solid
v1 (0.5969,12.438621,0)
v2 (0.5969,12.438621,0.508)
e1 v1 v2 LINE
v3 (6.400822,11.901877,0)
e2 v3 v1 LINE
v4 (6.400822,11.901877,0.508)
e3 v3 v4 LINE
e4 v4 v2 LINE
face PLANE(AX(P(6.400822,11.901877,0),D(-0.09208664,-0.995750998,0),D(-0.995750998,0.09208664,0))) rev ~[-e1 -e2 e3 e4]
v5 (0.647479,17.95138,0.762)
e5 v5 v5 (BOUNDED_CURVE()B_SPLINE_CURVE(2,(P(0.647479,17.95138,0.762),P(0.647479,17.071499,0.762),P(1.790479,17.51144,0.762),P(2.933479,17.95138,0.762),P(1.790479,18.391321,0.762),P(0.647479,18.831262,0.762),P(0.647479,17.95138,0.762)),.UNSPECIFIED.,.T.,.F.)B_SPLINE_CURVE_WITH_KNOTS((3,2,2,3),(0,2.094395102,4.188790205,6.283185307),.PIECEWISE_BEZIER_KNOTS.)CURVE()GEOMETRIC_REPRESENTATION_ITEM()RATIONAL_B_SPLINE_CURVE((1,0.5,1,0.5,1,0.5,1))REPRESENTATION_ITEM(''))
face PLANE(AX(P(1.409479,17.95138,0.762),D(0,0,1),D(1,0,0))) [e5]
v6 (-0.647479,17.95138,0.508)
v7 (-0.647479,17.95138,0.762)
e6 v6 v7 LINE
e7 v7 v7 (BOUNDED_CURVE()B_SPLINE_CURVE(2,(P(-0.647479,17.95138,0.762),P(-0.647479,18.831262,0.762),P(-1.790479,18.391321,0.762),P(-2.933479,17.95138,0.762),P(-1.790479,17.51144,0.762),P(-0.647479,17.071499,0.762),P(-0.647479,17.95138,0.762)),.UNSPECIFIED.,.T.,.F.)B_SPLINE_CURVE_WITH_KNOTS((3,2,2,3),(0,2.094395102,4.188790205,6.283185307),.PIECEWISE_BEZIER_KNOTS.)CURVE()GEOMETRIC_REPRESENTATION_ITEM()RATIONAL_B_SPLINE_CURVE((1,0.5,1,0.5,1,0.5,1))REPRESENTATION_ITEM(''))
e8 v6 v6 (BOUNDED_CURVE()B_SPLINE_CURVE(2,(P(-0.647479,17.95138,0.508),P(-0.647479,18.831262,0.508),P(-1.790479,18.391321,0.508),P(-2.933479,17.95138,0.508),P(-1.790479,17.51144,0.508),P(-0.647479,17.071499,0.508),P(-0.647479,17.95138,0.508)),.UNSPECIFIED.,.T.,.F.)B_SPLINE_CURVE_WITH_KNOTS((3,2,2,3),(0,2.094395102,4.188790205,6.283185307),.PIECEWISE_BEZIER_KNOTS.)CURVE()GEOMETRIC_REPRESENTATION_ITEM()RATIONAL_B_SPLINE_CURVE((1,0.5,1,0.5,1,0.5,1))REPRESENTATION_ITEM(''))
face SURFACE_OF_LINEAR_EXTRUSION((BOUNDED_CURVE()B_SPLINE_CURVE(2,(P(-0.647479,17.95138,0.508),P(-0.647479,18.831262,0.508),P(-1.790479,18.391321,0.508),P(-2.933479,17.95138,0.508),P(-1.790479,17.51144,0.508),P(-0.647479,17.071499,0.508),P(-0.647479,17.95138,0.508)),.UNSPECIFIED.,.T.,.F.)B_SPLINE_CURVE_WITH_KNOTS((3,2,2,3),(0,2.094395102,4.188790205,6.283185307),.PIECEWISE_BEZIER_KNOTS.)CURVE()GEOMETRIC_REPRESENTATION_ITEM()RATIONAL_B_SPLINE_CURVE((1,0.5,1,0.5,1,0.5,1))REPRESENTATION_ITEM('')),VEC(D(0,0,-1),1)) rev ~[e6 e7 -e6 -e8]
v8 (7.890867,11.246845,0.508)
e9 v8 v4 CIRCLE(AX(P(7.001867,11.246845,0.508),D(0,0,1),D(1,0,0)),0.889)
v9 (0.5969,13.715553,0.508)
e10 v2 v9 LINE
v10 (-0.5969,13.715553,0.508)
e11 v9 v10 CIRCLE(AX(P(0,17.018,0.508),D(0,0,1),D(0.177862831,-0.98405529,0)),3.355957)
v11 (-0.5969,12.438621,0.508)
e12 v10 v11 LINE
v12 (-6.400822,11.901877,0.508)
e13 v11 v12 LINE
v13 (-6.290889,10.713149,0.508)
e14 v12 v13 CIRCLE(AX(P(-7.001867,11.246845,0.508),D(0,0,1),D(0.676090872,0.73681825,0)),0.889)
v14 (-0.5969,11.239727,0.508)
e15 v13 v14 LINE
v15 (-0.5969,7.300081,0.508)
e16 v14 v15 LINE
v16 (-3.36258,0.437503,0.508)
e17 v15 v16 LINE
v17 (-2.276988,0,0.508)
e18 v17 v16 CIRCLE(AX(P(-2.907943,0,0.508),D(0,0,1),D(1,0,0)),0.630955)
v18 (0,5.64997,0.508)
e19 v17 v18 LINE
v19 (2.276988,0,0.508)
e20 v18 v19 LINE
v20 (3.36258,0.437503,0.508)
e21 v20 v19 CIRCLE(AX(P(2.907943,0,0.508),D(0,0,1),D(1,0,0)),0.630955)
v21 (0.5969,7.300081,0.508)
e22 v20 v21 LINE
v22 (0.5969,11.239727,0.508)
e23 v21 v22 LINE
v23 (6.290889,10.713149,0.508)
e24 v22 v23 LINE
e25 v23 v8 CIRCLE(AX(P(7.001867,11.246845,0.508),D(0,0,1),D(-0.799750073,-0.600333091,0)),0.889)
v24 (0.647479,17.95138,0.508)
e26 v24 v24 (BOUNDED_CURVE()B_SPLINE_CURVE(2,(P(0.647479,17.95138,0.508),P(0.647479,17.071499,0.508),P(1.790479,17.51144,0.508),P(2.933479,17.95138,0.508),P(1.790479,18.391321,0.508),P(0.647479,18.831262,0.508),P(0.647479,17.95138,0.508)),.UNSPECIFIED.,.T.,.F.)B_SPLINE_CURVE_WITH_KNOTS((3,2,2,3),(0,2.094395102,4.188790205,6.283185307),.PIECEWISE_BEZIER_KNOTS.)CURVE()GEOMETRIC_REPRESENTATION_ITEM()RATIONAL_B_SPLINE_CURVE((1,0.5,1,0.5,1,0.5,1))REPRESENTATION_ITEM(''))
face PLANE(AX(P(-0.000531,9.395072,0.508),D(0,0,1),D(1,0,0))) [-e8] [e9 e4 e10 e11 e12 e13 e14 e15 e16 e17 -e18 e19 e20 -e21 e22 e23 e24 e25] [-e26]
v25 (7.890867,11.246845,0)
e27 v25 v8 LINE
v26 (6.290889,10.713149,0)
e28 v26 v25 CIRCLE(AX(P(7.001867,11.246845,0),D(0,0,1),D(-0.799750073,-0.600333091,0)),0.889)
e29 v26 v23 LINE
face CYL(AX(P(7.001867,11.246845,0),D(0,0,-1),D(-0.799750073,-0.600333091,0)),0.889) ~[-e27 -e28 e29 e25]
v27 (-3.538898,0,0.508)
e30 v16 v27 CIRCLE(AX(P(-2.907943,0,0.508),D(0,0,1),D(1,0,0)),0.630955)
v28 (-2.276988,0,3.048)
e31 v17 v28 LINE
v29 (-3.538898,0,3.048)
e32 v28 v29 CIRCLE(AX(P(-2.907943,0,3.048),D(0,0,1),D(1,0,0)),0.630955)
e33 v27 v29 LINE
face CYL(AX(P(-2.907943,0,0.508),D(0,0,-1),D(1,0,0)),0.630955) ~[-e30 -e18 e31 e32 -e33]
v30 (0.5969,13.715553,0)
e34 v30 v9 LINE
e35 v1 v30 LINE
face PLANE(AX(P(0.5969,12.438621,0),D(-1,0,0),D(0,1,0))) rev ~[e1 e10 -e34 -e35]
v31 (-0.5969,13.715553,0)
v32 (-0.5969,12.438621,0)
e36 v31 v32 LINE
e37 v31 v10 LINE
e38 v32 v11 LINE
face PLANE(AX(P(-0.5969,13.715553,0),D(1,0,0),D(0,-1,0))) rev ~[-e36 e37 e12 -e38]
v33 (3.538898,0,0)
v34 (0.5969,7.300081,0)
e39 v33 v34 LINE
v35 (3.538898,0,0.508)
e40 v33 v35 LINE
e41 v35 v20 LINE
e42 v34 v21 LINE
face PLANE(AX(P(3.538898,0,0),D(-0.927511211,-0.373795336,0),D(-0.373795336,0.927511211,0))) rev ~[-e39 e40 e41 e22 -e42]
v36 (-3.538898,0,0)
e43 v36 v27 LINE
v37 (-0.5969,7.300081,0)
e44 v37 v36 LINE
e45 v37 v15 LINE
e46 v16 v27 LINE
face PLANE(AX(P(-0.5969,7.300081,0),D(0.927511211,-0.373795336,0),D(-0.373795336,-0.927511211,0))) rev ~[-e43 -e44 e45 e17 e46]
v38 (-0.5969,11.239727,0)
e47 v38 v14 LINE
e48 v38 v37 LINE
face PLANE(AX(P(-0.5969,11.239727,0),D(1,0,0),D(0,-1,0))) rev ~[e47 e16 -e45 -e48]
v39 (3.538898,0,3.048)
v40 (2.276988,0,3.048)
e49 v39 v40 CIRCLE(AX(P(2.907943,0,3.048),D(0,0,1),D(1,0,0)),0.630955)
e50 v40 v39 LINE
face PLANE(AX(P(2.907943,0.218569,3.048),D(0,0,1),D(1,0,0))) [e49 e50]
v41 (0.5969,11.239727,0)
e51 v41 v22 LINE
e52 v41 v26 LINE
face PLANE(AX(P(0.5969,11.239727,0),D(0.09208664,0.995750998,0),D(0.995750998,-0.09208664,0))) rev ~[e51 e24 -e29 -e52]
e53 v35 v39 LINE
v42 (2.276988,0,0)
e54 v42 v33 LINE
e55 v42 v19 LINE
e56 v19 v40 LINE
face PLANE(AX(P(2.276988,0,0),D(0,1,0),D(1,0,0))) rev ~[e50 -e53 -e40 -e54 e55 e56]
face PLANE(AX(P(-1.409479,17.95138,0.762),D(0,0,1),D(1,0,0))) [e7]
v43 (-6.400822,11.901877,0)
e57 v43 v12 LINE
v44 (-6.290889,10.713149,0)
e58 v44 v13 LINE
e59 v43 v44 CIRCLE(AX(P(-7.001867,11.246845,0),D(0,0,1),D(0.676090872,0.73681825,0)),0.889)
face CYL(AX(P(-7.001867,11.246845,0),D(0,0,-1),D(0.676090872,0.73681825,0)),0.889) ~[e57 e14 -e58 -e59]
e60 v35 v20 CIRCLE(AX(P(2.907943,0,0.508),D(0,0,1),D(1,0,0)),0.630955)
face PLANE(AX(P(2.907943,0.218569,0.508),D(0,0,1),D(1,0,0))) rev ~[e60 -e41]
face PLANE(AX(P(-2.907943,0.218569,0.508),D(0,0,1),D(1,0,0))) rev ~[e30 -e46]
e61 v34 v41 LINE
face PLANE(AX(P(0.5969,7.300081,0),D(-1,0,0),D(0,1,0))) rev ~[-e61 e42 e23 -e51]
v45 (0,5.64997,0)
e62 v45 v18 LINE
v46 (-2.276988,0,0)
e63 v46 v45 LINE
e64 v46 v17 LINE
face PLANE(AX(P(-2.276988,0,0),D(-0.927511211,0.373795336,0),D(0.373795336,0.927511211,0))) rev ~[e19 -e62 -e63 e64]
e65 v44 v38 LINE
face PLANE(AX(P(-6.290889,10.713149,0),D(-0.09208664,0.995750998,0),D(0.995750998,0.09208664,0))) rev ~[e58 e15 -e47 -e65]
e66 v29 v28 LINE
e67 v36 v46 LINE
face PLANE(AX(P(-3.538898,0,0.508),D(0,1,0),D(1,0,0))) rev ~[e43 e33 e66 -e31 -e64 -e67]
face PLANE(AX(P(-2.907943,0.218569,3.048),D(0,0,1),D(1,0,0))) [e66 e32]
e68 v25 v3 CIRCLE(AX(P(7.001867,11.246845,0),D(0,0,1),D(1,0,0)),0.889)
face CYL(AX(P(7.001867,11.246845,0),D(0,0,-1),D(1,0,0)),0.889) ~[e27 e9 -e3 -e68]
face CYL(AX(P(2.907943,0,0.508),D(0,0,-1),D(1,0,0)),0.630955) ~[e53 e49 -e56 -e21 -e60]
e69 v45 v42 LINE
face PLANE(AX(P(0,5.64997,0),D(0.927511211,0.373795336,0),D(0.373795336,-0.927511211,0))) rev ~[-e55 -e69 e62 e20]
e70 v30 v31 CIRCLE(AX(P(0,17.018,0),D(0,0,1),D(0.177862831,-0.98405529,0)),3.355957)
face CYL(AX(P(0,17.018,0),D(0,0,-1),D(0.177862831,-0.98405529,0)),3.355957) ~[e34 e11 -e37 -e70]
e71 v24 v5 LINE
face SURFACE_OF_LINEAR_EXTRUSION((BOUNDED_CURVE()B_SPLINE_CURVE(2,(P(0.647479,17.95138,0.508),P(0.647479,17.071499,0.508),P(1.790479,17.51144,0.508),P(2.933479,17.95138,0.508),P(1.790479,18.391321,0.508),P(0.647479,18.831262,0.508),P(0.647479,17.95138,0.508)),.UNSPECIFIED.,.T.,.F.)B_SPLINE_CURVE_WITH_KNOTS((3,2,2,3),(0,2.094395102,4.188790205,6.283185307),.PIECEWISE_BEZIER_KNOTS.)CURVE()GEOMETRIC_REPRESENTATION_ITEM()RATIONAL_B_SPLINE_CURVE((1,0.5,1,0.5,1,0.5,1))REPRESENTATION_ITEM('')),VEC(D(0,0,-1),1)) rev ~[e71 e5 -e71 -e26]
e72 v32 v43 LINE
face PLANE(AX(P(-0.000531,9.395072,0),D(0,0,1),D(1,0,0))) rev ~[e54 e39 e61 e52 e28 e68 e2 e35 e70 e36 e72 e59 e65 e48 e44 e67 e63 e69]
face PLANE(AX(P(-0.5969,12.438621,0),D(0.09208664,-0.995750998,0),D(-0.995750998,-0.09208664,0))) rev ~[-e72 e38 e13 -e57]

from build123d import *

# Parameters (mm, degrees)
F1_DEPTH = 0.508
F3_DEPTH = 2.54
F5_DEPTH = 0.254


with BuildPart() as f1:
    # F0 (on Top) → F1 (new body)
    with BuildSketch(Plane.XY):
        with BuildLine():
            Line((0.5969, 12.4386211307), (0.5969, 13.7155528236))
            ThreePointArc((0.5969, 13.7155528236), (0, 20.3739569369), (-0.5969, 13.7155528236))
            Line((-0.5969, 13.7155528236), (-0.5969, 12.4386211307))
            Line((-0.5969, 12.4386211307), (-6.4008217303, 11.9018768547))
            ThreePointArc((-6.4008217303, 11.9018768547), (-6.1880330513, 11.6046108469), (-6.1128665152, 11.2468454306))
            ThreePointArc((-6.1128665152, 11.2468454306), (-6.1585456161, 10.965543349), (-6.2908886999, 10.7131493128))
            Line((-6.2908886999, 10.7131493128), (-0.5969, 11.2397270277))
            Line((-0.5969, 11.2397270277), (-0.5969, 7.3000811972))
            Line((-0.5969, 7.3000811972), (-3.5388981923, 0))
            Line((-3.5388981923, 0), (-2.2769883957, 0))
            Line((-2.2769883957, 0), (0, 5.6499695401))
            Line((0, 5.6499695401), (2.2769883957, 0))
            Line((2.2769883957, 0), (3.5388981923, 0))
            Line((3.5388981923, 0), (0.5969, 7.3000811972))
            Line((0.5969, 7.3000811972), (0.5969, 11.2397270277))
            Line((0.5969, 11.2397270277), (6.2908886999, 10.7131493128))
            ThreePointArc((6.2908886999, 10.7131493128), (6.1166438776, 11.3287104532), (6.4008217303, 11.9018768547))
            Line((6.4008217303, 11.9018768547), (0.5969, 12.4386211307))
        make_face()
        with BuildLine():
            ThreePointArc((7.8908665152, 11.2468454306), (7.3596319315, 12.0606788944), (6.4008217303, 11.9018768547))
            Line((6.4008217303, 11.9018768547), (7.0568330304, 11.8412092015))
            Line((7.0568330304, 11.8412092015), (6.9469, 10.6524816596))
            Line((6.9469, 10.6524816596), (6.2908886999, 10.7131493128))
            ThreePointArc((6.2908886999, 10.7131493128), (7.2831685968, 10.4035245315), (7.8908665152, 11.2468454306))
        make_face()
        with BuildLine():
            Line((7.0568330304, 11.8412092015), (6.4008217303, 11.9018768547))
            ThreePointArc((6.4008217303, 11.9018768547), (6.1166438776, 11.3287104532), (6.2908886999, 10.7131493128))
            Line((6.2908886999, 10.7131493128), (6.9469, 10.6524816596))
            Line((6.9469, 10.6524816596), (7.0568330304, 11.8412092015))
        make_face()
        with BuildLine():
            ThreePointArc((-6.1128665152, 11.2468454306), (-6.1880330513, 11.6046108469), (-6.4008217303, 11.9018768547))
            Line((-6.4008217303, 11.9018768547), (-7.0568330304, 11.8412092015))
            Line((-7.0568330304, 11.8412092015), (-6.9469, 10.6524816596))
            Line((-6.9469, 10.6524816596), (-6.2908886999, 10.7131493128))
            ThreePointArc((-6.2908886999, 10.7131493128), (-6.1585456161, 10.965543349), (-6.1128665152, 11.2468454306))
        make_face()
        with BuildLine():
            Line((-7.0568330304, 11.8412092015), (-6.4008217303, 11.9018768547))
            ThreePointArc((-6.4008217303, 11.9018768547), (-7.8870891528, 11.164980408), (-6.2908886999, 10.7131493128))
            Line((-6.2908886999, 10.7131493128), (-6.9469, 10.6524816596))
            Line((-6.9469, 10.6524816596), (-7.0568330304, 11.8412092015))
        make_face()
    extrude(amount=F1_DEPTH)

    # F2 (on face) → F3 (join)
    with BuildSketch(Plane.XY.offset(0.508)):
        with BuildLine():
            Line((-3.5388981923, 0), (-2.2769883957, 0))
            ThreePointArc((-2.2769883957, 0), (-2.907943294, 0.6309548983), (-3.5388981923, 0))
        make_face()
        with BuildLine():
            ThreePointArc((3.5388981923, 0), (2.907943294, 0.6309548983), (2.2769883957, 0))
            Line((2.2769883957, 0), (3.5388981923, 0))
        make_face()
    extrude(amount=F3_DEPTH)

    # F4 (on face) → F5 (join)
    with BuildSketch(Plane.XY.offset(0.508)):
        with BuildLine():
            add(Edge.make_bspline(
                [(-0.6474794169, 17.9513804615), (-0.6474794169, 18.8312622717), (-1.7904794169, 18.3913213666), (-2.9334794169, 17.9513804615), (-1.7904794169, 17.5114395563), (-0.6474794169, 17.0714986512), (-0.6474794169, 17.9513804615)],
                knots=[0, 0, 0, 2.0943951024, 2.0943951024, 4.1887902048, 4.1887902048, 6.2831853072, 6.2831853072, 6.2831853072], degree=2, weights=[1, 0.5, 1, 0.5, 1, 0.5, 1]))
        make_face()
        with BuildLine():
            add(Edge.make_bspline(
                [(0.6474794169, 17.9513804615), (0.6474794169, 17.0714986512), (1.7904794169, 17.5114395563), (2.9334794169, 17.9513804615), (1.7904794169, 18.3913213666), (0.6474794169, 18.8312622717), (0.6474794169, 17.9513804615)],
                knots=[0, 0, 0, 2.0943951024, 2.0943951024, 4.1887902048, 4.1887902048, 6.2831853072, 6.2831853072, 6.2831853072], degree=2, weights=[1, 0.5, 1, 0.5, 1, 0.5, 1]))
        make_face()
    extrude(amount=F5_DEPTH)


solid = f1.part
